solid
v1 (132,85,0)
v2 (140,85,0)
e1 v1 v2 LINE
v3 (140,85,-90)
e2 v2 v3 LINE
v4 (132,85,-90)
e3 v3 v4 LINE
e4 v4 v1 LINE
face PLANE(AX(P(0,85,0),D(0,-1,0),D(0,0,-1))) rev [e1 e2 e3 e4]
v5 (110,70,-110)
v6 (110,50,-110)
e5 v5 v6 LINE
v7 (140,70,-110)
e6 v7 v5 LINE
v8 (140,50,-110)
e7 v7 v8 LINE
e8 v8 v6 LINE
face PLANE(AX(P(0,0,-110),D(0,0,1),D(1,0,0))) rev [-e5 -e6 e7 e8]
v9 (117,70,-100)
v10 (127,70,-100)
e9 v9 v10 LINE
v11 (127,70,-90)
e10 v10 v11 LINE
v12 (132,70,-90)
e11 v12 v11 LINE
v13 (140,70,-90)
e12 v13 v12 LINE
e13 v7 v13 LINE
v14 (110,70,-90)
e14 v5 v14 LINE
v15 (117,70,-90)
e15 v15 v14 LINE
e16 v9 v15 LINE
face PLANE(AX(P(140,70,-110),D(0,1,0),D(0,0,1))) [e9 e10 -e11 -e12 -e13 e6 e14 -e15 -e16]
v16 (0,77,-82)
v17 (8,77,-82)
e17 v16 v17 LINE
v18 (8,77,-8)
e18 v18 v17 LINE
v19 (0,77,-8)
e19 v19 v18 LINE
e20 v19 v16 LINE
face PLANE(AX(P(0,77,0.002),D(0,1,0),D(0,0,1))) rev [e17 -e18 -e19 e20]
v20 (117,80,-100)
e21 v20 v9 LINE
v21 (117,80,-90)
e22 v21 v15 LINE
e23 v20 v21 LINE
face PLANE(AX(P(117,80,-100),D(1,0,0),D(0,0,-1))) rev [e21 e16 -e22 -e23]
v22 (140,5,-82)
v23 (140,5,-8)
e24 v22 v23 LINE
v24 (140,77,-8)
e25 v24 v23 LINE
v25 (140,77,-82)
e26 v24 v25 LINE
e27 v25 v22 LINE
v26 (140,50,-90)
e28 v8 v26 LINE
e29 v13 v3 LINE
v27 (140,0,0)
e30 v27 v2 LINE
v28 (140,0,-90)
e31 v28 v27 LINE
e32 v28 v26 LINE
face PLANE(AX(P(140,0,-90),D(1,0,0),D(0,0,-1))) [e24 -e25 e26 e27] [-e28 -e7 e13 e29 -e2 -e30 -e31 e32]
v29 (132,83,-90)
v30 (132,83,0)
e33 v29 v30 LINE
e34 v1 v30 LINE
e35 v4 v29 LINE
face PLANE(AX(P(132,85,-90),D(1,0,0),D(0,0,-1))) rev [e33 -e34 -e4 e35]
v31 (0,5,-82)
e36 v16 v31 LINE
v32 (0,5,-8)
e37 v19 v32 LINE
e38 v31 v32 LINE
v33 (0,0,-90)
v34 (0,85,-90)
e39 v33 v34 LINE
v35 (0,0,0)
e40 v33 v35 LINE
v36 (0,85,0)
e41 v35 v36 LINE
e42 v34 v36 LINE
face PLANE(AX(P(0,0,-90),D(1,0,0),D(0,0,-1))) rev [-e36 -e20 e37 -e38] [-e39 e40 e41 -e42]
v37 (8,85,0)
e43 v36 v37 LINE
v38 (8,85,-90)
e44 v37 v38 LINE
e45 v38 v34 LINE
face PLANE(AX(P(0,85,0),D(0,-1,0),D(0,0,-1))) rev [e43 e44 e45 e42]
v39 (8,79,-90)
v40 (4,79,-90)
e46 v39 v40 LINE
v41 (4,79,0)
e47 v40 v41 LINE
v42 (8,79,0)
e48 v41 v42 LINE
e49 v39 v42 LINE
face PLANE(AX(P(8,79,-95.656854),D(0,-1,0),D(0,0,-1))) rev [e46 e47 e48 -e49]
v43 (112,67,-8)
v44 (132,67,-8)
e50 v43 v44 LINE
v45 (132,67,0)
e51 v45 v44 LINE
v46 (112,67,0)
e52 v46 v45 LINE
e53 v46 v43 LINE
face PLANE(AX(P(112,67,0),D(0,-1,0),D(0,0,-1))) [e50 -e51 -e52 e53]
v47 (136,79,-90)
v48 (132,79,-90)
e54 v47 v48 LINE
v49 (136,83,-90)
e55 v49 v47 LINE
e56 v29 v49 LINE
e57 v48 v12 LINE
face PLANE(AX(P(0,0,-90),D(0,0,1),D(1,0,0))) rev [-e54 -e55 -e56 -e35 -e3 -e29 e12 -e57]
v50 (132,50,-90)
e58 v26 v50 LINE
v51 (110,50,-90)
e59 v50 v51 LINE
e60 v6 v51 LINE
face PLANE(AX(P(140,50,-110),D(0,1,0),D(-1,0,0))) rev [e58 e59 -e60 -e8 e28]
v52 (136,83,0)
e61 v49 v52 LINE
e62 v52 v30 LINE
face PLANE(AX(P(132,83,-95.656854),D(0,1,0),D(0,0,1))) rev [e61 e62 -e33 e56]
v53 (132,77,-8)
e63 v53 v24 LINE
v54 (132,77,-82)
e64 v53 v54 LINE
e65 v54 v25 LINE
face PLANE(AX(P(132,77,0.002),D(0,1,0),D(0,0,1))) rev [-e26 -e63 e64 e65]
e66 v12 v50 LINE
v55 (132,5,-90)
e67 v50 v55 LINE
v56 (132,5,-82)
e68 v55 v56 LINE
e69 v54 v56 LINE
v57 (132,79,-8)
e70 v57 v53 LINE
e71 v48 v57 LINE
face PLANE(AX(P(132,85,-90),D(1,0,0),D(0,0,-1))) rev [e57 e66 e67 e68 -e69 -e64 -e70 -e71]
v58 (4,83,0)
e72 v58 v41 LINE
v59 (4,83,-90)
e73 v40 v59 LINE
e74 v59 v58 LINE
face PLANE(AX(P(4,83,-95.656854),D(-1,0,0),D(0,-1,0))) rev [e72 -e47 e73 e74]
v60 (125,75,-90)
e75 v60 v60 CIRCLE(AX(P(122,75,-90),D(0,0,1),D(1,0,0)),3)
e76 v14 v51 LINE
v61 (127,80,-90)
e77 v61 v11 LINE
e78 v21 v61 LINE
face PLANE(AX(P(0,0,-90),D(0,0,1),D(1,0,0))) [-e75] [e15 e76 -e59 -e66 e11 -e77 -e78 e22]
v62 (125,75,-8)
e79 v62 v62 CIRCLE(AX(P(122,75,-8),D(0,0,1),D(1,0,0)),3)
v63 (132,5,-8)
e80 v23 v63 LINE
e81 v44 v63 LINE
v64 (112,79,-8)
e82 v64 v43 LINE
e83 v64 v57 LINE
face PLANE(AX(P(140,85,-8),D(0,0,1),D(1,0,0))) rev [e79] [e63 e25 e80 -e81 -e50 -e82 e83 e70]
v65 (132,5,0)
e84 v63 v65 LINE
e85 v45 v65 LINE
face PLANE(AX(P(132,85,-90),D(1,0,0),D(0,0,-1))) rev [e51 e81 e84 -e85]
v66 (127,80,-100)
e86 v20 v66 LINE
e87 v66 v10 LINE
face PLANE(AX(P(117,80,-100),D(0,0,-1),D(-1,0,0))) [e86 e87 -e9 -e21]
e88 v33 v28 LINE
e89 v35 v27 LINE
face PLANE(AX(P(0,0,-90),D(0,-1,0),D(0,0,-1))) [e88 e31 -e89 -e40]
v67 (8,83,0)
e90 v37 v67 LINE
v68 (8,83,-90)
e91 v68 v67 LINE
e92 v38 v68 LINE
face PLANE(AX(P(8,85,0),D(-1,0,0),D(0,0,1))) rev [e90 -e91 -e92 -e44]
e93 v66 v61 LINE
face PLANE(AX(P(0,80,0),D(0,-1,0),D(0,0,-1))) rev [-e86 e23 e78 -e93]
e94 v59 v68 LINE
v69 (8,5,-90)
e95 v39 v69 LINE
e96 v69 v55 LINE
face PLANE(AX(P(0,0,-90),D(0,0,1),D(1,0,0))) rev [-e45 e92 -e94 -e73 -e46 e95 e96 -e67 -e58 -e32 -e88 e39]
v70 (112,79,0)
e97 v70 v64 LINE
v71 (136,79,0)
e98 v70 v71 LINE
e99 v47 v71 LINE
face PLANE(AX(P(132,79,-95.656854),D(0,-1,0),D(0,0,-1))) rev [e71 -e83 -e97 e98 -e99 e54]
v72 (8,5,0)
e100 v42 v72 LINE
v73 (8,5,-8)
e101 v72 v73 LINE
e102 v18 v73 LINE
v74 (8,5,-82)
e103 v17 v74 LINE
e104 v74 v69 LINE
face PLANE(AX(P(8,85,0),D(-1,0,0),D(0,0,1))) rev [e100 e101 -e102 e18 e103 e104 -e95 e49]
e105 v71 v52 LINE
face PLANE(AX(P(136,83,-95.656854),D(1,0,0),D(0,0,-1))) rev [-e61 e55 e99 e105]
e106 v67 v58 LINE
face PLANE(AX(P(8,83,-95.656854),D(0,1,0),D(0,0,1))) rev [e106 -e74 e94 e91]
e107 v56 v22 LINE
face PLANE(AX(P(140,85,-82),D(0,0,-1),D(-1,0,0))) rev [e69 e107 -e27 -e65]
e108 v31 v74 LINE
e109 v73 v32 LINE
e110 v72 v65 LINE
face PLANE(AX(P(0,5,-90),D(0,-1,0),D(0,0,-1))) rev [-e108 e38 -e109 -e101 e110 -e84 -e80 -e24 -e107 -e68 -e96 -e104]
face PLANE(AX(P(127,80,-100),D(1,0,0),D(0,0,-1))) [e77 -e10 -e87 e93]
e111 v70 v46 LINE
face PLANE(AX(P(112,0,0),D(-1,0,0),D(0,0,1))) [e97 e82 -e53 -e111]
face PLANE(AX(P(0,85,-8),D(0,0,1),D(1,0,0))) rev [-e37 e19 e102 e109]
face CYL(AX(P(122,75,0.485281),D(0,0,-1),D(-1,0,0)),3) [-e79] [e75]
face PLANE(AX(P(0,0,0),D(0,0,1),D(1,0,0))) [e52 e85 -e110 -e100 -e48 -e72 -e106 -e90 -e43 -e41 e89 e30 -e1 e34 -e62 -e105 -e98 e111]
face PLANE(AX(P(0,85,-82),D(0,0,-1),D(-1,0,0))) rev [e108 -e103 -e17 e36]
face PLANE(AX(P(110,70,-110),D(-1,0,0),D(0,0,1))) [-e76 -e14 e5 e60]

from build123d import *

# Parameters (mm, degrees)
SKETCH_1_W          = 140
SKETCH_1_H          = 5
EXTRUDE_1_DEPTH     = 90
SKETCH_2_W          = 8
SKETCH_2_H          = 8
EXTRUDE_2_DEPTH     = 80
EXTRUDE_3_REACH     = 185.164
SKETCH_3_W          = 8
SKETCH_3_H          = 8
SKETCH_4_W          = 4
SKETCH_4_H          = 4
CUT_EXTRUDE_1_DEPTH = 90
SKETCH_5_W          = 30
SKETCH_5_H          = 20
EXTRUDE_4_DEPTH     = 20
SKETCH_6_W          = 10
SKETCH_6_H          = 10
EXTRUDE_5_DEPTH     = 10
SKETCH_7_R          = 3
EXTRUDE_6_DEPTH     = 82
SKETCH_8_W          = 8
SKETCH_8_H          = 12
EXTRUDE_7_DEPTH     = 20


with BuildPart() as part:
    # 草图1 → 凸台-拉伸1 (new body)
    with BuildSketch(Plane.XY):
        with Locations((70, 2.5)):
            Rectangle(SKETCH_1_W, SKETCH_1_H)
    extrude(amount=-EXTRUDE_1_DEPTH)

    # 草图2 → 凸台-拉伸2 (add)
    with BuildSketch(Plane(origin=(0, 5, 0), x_dir=(1, 0, 0), z_dir=(0, 1, 0))):
        with Locations((4, 4)):
            Rectangle(SKETCH_2_W, SKETCH_2_H)
        with Locations((4, 86)):
            Rectangle(SKETCH_2_W, SKETCH_2_H)
        with Locations((136, 86)):
            Rectangle(SKETCH_2_W, SKETCH_2_H)
        with Locations((136, 4)):
            Rectangle(SKETCH_2_W, SKETCH_2_H)
    extrude(amount=EXTRUDE_2_DEPTH)

    # 草图3 → 凸台-拉伸3 (add, up to next)
    with BuildSketch(Plane.XY.offset(-82), mode=Mode.PRIVATE) as extrude_3_sk1:
        with Locations((4, 81)):
            Rectangle(SKETCH_3_W, SKETCH_3_H)
    extrude_3_tool1 = extrude(extrude_3_sk1.sketch, amount=EXTRUDE_3_REACH, mode=Mode.PRIVATE) - part.part
    # 草图3 → 凸台-拉伸3 (add, up to next)
    with BuildSketch(Plane.XY.offset(-82), mode=Mode.PRIVATE) as extrude_3_sk2:
        with Locations((136, 81)):
            Rectangle(SKETCH_3_W, SKETCH_3_H)
    extrude_3_tool2 = extrude(extrude_3_sk2.sketch, amount=EXTRUDE_3_REACH, mode=Mode.PRIVATE) - part.part
    add(extrude_3_tool1.solids().sort_by_distance((4, 81, -82))[0])
    add(extrude_3_tool2.solids().sort_by_distance((136, 81, -82))[0])

    # 草图4 → 切除-拉伸1 (cut)
    with BuildSketch(Plane.XY):
        with Locations((6, 81)):
            Rectangle(SKETCH_4_W, SKETCH_4_H)
        with Locations((134, 81)):
            Rectangle(SKETCH_4_W, SKETCH_4_H)
    extrude(amount=-CUT_EXTRUDE_1_DEPTH, mode=Mode.SUBTRACT)

    # 草图5 → 凸台-拉伸4 (add)
    with BuildSketch(Plane(origin=(0, 0, -90), x_dir=(-1, 0, 0), z_dir=(0, 0, -1))):
        with Locations((-125, 60)):
            Rectangle(SKETCH_5_W, SKETCH_5_H)
    extrude(amount=EXTRUDE_4_DEPTH)

    # 草图6 → 凸台-拉伸5 (add)
    with BuildSketch(Plane(origin=(0, 70, 0), x_dir=(1, 0, 0), z_dir=(0, 1, 0))):
        with Locations((122, 95)):
            Rectangle(SKETCH_6_W, SKETCH_6_H)
    extrude(amount=EXTRUDE_5_DEPTH)

    # 草图7 → 凸台-拉伸6 (add)
    with BuildSketch(Plane.XY.offset(-90)):
        with Locations((122, 75)):
            Circle(SKETCH_7_R)
    extrude(amount=EXTRUDE_6_DEPTH)

    # 草图8 → 凸台-拉伸7 (add)
    with BuildSketch(Plane.ZY.offset(-132)):
        with Locations((-4, 73)):
            Rectangle(SKETCH_8_W, SKETCH_8_H)
    extrude(amount=EXTRUDE_7_DEPTH)


solid = part.part
